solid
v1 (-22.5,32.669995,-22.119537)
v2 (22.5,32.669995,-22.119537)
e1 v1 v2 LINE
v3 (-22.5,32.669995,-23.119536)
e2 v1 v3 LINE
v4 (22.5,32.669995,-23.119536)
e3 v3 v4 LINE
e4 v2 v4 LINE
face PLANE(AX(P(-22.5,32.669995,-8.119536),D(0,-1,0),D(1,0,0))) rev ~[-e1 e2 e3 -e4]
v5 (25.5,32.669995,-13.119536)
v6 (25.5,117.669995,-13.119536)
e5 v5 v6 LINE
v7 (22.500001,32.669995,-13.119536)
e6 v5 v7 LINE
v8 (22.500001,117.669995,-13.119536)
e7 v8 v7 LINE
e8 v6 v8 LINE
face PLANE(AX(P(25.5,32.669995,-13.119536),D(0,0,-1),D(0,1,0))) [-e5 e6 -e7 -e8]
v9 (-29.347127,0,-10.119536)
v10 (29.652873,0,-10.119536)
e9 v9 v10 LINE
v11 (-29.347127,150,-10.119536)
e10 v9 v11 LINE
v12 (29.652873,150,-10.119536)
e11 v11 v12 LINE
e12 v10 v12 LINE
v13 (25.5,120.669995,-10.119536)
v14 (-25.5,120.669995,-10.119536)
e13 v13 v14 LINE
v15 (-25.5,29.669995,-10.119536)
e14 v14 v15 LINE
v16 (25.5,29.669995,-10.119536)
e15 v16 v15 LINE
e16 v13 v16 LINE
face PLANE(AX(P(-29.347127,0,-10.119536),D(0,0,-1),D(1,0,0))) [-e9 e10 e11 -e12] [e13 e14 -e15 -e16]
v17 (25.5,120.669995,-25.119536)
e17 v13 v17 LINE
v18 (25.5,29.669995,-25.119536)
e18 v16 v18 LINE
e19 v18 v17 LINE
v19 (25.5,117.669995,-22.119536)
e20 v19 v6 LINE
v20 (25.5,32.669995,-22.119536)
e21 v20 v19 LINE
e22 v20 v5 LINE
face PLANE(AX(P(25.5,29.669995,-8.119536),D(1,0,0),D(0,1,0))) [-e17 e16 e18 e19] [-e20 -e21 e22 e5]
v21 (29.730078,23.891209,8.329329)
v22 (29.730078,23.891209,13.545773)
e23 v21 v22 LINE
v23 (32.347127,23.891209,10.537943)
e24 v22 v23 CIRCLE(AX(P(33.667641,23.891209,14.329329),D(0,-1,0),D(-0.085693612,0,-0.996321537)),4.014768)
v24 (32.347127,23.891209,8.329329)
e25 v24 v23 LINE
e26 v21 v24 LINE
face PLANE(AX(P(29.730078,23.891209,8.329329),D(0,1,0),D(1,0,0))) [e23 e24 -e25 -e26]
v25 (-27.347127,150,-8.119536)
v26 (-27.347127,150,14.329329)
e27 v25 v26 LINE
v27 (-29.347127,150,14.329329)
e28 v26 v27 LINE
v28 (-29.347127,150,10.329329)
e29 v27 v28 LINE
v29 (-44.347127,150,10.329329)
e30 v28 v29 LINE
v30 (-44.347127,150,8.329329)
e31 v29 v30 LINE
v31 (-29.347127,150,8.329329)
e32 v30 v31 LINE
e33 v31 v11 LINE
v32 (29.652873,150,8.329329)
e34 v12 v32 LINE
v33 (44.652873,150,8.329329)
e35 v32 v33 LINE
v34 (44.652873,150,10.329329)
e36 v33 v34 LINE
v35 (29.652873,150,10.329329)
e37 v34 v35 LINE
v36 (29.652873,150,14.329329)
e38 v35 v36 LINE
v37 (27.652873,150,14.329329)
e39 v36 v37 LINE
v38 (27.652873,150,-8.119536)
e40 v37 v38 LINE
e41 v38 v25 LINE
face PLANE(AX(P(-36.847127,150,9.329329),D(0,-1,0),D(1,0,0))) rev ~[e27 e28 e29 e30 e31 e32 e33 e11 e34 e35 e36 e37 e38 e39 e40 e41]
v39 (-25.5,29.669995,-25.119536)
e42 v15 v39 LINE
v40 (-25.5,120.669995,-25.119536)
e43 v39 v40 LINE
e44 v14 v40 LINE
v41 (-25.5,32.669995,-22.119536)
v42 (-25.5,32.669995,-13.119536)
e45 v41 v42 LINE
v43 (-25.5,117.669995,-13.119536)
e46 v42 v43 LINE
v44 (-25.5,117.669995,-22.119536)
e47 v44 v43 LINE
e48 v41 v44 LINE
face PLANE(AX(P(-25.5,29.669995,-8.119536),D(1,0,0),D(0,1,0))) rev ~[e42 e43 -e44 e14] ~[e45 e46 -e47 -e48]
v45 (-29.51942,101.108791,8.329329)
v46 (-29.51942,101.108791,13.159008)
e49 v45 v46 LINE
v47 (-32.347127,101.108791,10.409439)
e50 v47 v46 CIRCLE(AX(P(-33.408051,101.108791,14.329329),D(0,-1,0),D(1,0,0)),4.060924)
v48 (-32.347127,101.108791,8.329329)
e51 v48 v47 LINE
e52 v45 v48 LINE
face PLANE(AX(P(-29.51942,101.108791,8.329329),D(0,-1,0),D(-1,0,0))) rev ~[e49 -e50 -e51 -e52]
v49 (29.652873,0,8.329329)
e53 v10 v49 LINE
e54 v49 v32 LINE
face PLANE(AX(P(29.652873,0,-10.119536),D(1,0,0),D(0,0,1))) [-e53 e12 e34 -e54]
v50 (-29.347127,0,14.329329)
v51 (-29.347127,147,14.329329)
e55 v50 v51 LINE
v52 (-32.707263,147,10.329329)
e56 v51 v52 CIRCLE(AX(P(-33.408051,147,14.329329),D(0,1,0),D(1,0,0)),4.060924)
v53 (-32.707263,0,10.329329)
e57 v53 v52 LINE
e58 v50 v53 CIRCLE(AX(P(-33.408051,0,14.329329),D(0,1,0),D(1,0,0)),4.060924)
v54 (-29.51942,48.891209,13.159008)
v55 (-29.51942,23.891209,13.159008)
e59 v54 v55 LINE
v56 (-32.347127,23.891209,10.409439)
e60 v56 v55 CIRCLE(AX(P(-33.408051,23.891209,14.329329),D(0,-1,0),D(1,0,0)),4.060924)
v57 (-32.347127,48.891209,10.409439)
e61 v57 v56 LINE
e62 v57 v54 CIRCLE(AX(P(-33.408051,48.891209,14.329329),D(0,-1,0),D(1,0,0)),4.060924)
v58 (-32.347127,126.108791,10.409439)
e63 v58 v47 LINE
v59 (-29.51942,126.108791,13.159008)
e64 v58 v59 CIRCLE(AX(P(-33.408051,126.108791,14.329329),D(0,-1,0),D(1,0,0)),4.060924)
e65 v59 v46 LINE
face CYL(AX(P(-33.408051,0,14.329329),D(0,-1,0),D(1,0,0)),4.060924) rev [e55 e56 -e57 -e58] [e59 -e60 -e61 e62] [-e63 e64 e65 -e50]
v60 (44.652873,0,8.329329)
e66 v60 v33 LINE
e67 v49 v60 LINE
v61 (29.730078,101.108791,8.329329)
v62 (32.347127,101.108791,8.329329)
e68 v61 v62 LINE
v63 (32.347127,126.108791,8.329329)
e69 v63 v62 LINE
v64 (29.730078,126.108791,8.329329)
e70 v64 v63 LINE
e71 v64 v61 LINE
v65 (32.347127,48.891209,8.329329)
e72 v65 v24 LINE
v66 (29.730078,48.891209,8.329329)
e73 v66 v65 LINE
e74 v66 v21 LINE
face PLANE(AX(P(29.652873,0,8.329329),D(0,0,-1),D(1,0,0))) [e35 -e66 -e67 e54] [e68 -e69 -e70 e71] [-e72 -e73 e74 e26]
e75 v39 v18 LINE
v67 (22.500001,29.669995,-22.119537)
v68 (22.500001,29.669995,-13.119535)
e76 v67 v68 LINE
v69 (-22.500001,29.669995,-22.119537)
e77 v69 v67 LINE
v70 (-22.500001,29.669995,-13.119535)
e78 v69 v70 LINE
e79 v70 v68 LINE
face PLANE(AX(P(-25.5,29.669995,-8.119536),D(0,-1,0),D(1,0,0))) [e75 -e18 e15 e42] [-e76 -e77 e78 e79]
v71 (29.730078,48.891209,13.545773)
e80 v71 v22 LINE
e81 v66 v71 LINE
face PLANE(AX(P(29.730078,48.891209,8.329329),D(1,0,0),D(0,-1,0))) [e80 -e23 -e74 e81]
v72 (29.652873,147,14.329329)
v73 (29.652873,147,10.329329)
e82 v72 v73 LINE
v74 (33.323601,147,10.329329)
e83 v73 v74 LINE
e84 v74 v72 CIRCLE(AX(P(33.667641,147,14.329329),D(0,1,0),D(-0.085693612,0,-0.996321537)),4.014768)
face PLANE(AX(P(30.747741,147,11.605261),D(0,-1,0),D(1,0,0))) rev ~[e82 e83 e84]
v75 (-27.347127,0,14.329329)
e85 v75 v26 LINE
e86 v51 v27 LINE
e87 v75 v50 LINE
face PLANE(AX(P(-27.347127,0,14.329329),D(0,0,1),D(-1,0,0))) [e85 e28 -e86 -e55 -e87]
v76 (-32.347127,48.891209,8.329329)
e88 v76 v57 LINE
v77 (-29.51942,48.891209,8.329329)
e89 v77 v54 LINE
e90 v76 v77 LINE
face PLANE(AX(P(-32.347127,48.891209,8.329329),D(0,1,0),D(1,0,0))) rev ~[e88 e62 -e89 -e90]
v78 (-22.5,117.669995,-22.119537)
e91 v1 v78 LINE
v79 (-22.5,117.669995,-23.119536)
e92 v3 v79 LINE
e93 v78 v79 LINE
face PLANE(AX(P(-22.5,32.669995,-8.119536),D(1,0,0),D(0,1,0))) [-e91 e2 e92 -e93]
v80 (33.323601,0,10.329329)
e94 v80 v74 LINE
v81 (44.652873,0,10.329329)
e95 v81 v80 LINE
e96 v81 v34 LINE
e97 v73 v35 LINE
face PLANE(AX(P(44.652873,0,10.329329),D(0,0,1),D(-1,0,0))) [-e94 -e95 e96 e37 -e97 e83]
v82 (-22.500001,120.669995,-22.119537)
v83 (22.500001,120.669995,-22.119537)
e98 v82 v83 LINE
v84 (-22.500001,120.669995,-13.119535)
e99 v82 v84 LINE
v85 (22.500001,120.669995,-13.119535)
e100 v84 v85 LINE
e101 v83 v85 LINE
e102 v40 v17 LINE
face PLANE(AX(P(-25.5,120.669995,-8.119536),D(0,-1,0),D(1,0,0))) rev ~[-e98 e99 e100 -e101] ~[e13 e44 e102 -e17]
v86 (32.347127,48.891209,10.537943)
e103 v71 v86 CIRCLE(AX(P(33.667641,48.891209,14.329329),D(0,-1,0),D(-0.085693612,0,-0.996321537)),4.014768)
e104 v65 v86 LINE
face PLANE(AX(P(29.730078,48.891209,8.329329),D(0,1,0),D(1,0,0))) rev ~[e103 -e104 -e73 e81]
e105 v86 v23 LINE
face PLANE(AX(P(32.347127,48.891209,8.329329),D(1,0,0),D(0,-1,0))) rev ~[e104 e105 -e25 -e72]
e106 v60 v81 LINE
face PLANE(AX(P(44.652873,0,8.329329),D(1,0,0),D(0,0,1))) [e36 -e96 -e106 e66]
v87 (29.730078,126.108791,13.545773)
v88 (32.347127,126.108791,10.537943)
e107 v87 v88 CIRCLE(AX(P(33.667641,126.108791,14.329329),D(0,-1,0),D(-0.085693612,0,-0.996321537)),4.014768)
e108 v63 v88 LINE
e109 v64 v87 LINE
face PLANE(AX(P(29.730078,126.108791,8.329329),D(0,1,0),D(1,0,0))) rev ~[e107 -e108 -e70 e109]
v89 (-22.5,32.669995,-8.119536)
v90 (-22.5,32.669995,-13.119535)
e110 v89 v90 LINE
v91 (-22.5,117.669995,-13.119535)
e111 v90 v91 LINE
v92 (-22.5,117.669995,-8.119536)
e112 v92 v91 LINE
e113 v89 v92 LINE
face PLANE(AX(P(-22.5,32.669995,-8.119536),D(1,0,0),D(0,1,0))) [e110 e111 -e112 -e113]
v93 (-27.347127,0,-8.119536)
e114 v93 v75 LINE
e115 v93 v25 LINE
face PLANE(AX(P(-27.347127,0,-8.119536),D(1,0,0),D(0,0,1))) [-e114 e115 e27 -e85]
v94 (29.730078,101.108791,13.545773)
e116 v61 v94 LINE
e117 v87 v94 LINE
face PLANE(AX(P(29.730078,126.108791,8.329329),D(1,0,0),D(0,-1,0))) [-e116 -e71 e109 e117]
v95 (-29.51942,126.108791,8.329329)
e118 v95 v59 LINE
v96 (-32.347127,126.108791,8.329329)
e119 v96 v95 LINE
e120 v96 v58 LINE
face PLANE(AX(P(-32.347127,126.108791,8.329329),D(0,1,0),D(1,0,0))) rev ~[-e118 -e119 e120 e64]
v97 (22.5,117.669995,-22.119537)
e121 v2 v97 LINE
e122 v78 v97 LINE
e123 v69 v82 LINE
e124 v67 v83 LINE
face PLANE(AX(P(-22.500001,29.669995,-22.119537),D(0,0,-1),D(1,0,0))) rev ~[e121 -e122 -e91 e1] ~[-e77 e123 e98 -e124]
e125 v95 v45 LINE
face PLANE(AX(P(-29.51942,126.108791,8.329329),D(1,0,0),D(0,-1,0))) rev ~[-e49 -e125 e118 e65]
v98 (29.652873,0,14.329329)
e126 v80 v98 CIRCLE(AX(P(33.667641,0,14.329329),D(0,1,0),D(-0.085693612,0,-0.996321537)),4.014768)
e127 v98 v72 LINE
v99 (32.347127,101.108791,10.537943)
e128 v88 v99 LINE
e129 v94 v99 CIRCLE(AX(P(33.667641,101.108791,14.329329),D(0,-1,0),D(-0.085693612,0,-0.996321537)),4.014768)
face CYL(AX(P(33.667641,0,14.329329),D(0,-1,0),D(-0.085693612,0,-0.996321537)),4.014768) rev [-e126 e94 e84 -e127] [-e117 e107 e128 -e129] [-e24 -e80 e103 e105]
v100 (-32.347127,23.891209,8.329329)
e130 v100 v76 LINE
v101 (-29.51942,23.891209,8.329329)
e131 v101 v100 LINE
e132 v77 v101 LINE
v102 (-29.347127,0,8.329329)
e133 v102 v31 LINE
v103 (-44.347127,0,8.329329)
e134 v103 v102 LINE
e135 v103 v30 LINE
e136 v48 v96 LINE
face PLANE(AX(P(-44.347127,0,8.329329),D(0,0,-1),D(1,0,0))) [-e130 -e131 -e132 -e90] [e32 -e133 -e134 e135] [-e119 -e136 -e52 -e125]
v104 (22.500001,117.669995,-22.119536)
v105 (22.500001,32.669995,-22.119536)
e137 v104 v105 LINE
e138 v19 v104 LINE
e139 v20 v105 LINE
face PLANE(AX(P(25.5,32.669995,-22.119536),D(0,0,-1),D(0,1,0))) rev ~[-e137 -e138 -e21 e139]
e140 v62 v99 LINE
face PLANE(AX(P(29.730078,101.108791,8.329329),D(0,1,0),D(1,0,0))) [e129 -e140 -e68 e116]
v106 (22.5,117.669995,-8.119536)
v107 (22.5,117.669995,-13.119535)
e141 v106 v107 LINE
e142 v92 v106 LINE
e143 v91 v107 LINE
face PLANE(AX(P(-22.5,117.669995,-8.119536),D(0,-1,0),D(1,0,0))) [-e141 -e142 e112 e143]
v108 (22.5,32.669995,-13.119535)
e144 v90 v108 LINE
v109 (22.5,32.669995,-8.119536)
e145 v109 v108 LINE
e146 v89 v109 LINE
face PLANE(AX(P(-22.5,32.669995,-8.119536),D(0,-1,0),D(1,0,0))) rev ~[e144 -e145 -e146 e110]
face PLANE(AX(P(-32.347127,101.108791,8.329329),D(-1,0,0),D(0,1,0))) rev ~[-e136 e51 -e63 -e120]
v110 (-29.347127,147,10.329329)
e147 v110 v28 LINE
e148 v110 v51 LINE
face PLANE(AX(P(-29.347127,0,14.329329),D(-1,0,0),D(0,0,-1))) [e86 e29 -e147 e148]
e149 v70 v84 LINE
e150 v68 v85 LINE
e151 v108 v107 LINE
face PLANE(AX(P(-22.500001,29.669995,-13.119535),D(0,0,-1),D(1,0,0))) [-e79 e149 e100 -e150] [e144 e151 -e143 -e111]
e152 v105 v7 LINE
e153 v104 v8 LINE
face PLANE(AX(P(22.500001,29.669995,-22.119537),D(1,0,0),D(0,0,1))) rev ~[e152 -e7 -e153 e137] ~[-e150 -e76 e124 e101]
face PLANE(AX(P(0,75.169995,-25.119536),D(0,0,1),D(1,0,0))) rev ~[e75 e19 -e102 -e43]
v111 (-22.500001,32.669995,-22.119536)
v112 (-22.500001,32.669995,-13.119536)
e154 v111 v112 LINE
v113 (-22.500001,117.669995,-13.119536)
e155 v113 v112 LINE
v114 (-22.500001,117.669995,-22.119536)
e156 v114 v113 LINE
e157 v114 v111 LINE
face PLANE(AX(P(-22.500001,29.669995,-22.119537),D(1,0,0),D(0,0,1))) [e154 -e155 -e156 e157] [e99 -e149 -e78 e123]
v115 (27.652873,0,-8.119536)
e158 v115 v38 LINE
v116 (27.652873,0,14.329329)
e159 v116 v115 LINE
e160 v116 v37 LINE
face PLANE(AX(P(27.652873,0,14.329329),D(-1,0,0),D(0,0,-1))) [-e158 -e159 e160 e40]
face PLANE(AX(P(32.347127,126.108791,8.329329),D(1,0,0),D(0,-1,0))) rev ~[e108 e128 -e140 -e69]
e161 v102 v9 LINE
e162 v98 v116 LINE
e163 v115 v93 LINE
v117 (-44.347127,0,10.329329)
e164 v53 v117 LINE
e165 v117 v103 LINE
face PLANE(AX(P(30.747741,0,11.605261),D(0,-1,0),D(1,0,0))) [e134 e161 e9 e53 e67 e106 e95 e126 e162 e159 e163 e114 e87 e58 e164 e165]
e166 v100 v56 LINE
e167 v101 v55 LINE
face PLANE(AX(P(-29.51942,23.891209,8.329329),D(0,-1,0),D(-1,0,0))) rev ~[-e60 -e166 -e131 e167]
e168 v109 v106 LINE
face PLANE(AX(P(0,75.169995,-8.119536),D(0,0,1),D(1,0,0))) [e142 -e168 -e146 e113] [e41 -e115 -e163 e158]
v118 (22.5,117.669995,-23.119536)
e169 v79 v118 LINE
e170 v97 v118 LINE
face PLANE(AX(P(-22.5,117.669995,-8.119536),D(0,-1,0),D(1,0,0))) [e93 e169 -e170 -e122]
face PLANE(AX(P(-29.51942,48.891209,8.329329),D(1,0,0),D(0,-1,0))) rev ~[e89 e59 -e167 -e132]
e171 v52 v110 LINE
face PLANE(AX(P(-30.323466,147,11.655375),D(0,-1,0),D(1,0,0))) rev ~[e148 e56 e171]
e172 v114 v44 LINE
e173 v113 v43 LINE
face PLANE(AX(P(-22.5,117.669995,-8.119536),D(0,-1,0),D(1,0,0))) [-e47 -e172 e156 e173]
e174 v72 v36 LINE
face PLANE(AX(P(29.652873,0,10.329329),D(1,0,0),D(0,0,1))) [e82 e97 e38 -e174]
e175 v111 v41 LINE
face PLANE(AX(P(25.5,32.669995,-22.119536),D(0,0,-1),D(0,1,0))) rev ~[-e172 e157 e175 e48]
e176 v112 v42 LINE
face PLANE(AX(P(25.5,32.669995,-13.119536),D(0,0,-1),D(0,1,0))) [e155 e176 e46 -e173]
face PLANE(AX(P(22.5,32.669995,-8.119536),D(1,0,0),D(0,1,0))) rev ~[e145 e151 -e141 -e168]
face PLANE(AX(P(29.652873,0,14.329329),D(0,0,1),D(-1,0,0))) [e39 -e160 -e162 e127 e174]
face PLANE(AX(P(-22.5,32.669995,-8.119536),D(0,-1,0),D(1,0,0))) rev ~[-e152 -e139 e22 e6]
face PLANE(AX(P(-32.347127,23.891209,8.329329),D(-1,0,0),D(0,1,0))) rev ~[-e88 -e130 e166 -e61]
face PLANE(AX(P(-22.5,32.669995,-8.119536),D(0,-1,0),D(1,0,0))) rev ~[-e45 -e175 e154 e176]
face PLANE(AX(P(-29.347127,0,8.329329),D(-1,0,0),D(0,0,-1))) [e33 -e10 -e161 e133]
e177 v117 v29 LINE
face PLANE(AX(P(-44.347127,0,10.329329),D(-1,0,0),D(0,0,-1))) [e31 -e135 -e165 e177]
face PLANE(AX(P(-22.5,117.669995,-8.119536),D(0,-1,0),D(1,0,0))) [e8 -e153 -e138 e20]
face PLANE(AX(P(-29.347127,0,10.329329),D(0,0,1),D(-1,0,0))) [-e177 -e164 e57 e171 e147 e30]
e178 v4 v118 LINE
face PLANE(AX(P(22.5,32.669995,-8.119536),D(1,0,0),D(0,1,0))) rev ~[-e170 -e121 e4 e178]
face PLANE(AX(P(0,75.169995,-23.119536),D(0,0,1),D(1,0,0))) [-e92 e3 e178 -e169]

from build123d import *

# Parameters (mm, degrees)
F1_DEPTH  = 150
F2_DEPTH  = 147
F3_W      = 51
F3_H      = 91
F3_W_2    = 45
F3_H_2    = 85
F4_DEPTH  = 17
F5_DEPTH  = 15
F6_W      = 85
F6_H      = 9
F7_DEPTH  = 75
F8_W      = 45.0000017881
F8_H      = 9.0000017881
F9_DEPTH  = 95
F10_W     = 2.6170494705
F10_H     = 25
F11_DEPTH = 25


with BuildPart() as f1:
    # F0 (on Front) → F1 (new body)
    with BuildSketch(Plane.XZ):
        Polygon((-44.3471273035, 8.3293294263), (-29.3471273035, 8.3293294263), (-29.3471273035, 10.3293294263), (-30.6854649693, 10.3293294263), (-32.7072627842, 10.3293294263), (-44.3471273035, 10.3293294263), align=None)
        Polygon((-29.3471273035, -10.1195359603), (29.6528726965, -10.1195359603), (29.6528726965, 8.3293294263), (29.6528726965, 10.3293294263), (29.6528726965, 14.3293294263), (27.6528726965, 14.3293294263), (27.6528726965, 10.3293294263), (27.6528726965, 9.2171130797), (27.6528726965, -8.1195359603), (-27.3471273035, -8.1195359603), (-27.3471273035, 9.2171130797), (-27.3471273035, 10.3293294263), (-27.3471273035, 14.3293294263), (-29.3471273035, 14.3293294263), (-29.3471273035, 10.3293294263), (-29.3471273035, 8.3293294263), align=None)
        Polygon((29.6528726965, 10.3293294263), (29.6528726965, 8.3293294263), (44.6528726965, 8.3293294263), (44.6528726965, 10.3293294263), (41.5029401332, 10.3293294263), (33.3236008883, 10.3293294263), align=None)
    extrude(amount=-F1_DEPTH)

    # F0 (on Front) → F2 (join)
    with BuildSketch(Plane.XZ):
        with BuildLine():
            Line((29.6528726965, 14.3293294263), (29.6528726965, 10.3293294263))
            Line((29.6528726965, 10.3293294263), (33.3236008883, 10.3293294263))
            ThreePointArc((33.3236008883, 10.3293294263), (30.709634425, 11.6148200112), (29.6528726965, 14.3293294263))
        make_face()
        with BuildLine():
            Line((-30.6854649693, 10.3293294263), (-29.3471273035, 10.3293294263))
            Line((-29.3471273035, 10.3293294263), (-29.3471273035, 14.3293294263))
            ThreePointArc((-29.3471273035, 14.3293294263), (-30.2986339381, 11.7173134209), (-32.7072627842, 10.3293294263))
            Line((-32.7072627842, 10.3293294263), (-30.6854649693, 10.3293294263))
        make_face()
    extrude(amount=-F2_DEPTH)

    # F3 (on face) → F4 (join)
    with BuildSketch(Plane.XY.offset(-8.1195359603)):
        with Locations((0, 75.1699954271)):
            Rectangle(F3_W, F3_H)
        with Locations((0, 75.1699954271)):
            Rectangle(F3_W_2, F3_H_2, mode=Mode.SUBTRACT)
        with Locations((0, 75.1699954271)):
            Rectangle(F3_W_2, F3_H_2)
    extrude(amount=-F4_DEPTH)

    # F3 (on face) → F5 (cut)
    with BuildSketch(Plane.XY.offset(-8.1195359603)):
        with Locations((0, 75.1699954271)):
            Rectangle(F3_W_2, F3_H_2)
    extrude(amount=-F5_DEPTH, mode=Mode.SUBTRACT)

    # F6 (on face) → F7 (cut)
    with BuildSketch(Plane.YZ.offset(25.5)):
        with Locations((75.1699954271, -17.6195359603)):
            Rectangle(F6_W, F6_H)
    extrude(amount=-F7_DEPTH, mode=Mode.SUBTRACT)

    # F8 (on face) → F9 (cut)
    with BuildSketch(Plane.XZ.offset(-29.6699954271)):
        with Locations((0, -17.6195359603)):
            Rectangle(F8_W, F8_H)
    extrude(amount=-F9_DEPTH, mode=Mode.SUBTRACT)

    # F10 (on face) → F11 (cut)
    with BuildSketch(Plane(origin=(0, 0, 8.3293294263), x_dir=(1, 0, 0), z_dir=(0, 0, -1))):
        Polygon((-29.5194201171, -23.8912090659), (-29.7296848148, -23.8912090659), (-32.3471273035, -23.8912090659), (-32.3471273035, -48.8912090659), (-29.7296848148, -48.8912090659), (-29.5194201171, -48.8912090659), (-29.5194201171, -48.8749593496), align=None)
        with Locations((31.0386025682, -36.3912090659)):
            Rectangle(F10_W, F10_H)
        with Locations((31.0386025682, -113.6087909341)):
            Rectangle(F10_W, F10_H)
        Polygon((-29.5194201171, -101.1250406504), (-29.5194201171, -101.1087909341), (-29.7296848148, -101.1087909341), (-32.3471273035, -101.1087909341), (-32.3471273035, -126.1087909341), (-29.7296848148, -126.1087909341), (-29.5194201171, -126.1087909341), align=None)
    extrude(amount=-F11_DEPTH, mode=Mode.SUBTRACT)


solid = f1.part
